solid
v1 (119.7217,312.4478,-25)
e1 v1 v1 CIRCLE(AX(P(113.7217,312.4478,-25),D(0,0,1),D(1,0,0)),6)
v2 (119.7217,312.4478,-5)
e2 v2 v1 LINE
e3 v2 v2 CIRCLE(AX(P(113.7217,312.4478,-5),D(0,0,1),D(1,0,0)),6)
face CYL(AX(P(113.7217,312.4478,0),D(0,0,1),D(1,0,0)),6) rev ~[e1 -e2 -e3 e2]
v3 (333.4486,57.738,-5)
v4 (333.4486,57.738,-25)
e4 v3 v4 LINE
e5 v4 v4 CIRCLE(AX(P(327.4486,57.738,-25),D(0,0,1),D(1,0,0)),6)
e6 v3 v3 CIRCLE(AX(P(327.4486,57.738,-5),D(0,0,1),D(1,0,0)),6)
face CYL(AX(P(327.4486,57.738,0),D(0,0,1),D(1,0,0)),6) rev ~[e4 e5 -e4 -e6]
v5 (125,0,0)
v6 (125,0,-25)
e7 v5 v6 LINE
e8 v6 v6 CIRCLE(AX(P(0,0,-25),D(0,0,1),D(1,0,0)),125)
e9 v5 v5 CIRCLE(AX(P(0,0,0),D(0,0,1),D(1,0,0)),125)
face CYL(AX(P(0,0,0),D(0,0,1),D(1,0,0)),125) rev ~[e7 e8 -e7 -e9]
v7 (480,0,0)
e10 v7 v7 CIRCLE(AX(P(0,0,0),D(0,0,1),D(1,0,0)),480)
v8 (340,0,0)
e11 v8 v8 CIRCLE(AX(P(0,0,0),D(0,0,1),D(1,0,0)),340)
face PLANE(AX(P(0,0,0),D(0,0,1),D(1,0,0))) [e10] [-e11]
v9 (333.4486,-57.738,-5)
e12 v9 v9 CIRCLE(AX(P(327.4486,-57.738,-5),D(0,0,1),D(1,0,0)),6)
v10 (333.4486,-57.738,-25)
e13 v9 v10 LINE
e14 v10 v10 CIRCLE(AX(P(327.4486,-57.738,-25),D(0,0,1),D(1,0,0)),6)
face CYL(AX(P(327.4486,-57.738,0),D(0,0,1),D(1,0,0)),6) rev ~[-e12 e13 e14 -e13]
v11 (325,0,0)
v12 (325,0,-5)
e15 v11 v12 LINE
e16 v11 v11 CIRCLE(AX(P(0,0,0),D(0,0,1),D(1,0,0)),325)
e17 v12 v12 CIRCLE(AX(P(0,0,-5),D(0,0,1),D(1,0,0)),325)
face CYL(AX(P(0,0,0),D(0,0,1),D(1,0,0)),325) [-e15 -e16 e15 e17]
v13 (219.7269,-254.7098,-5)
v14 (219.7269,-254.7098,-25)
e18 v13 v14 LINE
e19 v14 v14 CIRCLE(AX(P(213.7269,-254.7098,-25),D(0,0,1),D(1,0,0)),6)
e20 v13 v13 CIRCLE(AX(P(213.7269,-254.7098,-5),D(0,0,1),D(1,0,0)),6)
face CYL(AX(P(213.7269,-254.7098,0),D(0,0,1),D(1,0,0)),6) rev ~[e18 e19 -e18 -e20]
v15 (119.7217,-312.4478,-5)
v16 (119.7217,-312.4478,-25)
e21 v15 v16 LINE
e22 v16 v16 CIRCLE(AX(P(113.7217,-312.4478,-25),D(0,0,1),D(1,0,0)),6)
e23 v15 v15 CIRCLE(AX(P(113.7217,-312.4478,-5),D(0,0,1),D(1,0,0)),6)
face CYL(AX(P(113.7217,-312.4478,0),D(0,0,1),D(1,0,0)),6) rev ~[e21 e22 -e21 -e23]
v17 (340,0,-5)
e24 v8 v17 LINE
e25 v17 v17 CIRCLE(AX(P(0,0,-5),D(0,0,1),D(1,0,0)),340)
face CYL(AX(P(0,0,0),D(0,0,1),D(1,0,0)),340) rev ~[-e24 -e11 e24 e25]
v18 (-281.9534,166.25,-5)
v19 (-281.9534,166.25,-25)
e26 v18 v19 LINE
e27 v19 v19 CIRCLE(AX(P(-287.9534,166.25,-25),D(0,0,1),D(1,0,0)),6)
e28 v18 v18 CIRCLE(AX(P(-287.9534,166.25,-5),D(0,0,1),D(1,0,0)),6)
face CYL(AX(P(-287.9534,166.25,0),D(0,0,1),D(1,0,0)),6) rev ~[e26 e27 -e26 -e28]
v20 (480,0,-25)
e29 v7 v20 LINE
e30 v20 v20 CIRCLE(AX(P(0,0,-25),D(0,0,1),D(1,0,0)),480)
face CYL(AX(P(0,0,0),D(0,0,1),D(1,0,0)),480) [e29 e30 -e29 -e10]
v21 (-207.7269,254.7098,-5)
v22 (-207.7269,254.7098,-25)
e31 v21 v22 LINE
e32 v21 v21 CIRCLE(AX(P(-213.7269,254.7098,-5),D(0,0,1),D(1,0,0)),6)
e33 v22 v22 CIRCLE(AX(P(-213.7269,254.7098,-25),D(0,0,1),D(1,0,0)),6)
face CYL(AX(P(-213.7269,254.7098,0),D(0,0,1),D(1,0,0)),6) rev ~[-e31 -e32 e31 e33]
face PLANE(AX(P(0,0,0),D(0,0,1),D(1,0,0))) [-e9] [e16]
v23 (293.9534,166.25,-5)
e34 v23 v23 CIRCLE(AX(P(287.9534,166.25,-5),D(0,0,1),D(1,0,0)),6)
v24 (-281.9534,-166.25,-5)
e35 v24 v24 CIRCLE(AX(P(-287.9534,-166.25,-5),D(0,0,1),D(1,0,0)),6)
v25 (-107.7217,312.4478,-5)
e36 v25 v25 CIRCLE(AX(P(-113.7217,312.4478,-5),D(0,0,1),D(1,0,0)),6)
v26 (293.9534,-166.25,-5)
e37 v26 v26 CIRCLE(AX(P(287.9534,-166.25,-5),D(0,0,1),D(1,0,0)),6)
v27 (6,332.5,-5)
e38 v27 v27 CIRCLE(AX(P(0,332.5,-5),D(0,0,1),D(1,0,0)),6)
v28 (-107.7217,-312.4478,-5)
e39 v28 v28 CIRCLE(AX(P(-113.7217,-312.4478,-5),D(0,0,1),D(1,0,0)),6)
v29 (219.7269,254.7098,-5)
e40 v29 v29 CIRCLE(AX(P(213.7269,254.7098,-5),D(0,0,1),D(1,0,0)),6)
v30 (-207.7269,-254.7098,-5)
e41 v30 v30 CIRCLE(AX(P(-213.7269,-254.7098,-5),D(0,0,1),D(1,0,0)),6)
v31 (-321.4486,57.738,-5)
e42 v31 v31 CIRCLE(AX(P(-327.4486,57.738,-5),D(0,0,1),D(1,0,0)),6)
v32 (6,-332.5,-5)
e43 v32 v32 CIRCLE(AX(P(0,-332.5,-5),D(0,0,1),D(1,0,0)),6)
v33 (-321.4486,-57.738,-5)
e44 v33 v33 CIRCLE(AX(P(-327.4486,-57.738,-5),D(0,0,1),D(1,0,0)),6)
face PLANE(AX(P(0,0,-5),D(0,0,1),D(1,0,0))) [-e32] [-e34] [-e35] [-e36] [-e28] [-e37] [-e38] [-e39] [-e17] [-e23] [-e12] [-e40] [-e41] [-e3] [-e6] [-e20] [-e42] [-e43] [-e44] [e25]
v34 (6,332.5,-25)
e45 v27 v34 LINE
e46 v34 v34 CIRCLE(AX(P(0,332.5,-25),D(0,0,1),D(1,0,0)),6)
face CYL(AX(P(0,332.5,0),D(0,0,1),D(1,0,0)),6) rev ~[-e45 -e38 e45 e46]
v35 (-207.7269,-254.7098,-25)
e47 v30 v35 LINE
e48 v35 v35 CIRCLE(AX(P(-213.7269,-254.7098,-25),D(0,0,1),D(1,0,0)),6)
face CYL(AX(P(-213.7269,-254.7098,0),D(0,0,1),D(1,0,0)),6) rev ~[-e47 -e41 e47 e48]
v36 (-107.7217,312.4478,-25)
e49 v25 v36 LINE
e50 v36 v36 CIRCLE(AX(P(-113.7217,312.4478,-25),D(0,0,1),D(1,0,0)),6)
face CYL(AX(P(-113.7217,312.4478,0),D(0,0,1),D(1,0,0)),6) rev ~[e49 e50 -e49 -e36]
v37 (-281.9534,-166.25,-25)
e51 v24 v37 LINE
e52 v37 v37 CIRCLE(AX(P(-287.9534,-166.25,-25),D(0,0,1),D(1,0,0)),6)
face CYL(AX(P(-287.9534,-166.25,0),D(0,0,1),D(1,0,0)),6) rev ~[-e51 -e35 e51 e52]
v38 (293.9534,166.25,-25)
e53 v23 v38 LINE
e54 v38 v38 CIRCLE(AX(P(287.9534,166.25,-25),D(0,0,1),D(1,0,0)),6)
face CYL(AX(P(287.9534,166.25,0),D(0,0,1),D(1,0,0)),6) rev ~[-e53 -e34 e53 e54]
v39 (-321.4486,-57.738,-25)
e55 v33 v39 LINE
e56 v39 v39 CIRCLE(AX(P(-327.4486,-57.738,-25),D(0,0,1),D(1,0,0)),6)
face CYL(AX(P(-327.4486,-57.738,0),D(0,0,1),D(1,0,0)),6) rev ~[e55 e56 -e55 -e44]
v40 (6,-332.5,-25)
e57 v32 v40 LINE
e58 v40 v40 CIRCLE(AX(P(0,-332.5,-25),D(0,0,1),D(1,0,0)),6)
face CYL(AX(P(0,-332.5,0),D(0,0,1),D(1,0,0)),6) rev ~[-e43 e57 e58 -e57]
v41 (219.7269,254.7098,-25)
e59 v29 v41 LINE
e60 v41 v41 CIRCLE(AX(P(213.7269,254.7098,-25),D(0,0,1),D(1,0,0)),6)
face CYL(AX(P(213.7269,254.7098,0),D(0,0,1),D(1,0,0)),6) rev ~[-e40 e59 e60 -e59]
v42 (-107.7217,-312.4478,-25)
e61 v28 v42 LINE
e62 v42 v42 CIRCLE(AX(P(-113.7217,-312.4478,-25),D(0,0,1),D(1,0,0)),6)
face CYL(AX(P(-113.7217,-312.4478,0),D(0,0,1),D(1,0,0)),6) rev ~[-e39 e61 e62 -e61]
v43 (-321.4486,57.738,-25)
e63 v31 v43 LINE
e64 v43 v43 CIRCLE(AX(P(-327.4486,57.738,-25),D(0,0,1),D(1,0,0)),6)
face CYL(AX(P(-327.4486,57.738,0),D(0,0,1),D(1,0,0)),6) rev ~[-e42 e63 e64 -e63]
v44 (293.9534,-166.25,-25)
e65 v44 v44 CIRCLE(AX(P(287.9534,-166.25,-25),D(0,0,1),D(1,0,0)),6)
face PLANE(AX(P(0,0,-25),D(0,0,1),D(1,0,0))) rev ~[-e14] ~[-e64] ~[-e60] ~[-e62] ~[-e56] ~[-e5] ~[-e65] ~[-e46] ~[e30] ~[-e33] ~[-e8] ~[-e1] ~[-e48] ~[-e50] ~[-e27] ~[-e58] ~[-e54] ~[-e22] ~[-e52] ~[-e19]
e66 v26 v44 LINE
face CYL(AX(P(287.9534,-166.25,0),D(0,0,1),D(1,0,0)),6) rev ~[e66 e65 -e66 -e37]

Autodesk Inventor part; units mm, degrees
ref_plane "YZ Plane" through (0, 0, 0) normal (1, 0, 0) x (0, 1, 0)
ref_plane "XZ Plane" through (0, 0, 0) normal (0, 1, 0) x (-1, 0, 0)
ref_plane "XY Plane" through (0, 0, 0) normal (0, 0, 1) x (1, 0, 0)
sketch "Boceto1" plane through (0, 0, 0) normal (0, 0, 1) x (1, 0, 0)
  circle A0 centre (0, 0) radius 125
  circle A1 centre (0, 0) radius 480
  dimension "d0" = 960
  dimension "d1" = 250
extrude "Extrusión1" add sketch "Boceto1" against normal blind 25
sketch "Boceto2" plane through (0, 0, 0) normal (0, 0, 1) x (1, 0, 0)
  circle A0 centre (0, 0) radius 340
  circle A1 centre (0, 0) radius 325
  dimension "d4" = 680
  dimension "d5" = 650
extrude "Extrusión2" cut sketch "Boceto2" against normal blind 5
sketch "Boceto3" plane through (0, 0, 0) normal (0, 0, 1) x (1, 0, 0)
  circle A0 centre (0, 0) radius 332.5 construction
  circle A1 centre (0, 332.5) radius 6
  circle A2 centre (-113.7217, 312.4478) radius 6
  circle A3 centre (-213.7269, 254.7098) radius 6
  circle A4 centre (-287.9534, 166.25) radius 6
  circle A5 centre (-327.4486, 57.738) radius 6
  circle A6 centre (-327.4486, -57.738) radius 6
  circle A7 centre (-287.9534, -166.25) radius 6
  circle A8 centre (-213.7269, -254.7098) radius 6
  circle A9 centre (-113.7217, -312.4478) radius 6
  circle A10 centre (0, -332.5) radius 6
  circle A11 centre (113.7217, -312.4478) radius 6
  circle A12 centre (213.7269, -254.7098) radius 6
  circle A13 centre (287.9534, -166.25) radius 6
  circle A14 centre (327.4486, -57.738) radius 6
  circle A15 centre (327.4486, 57.738) radius 6
  circle A16 centre (287.9534, 166.25) radius 6
  circle A17 centre (213.7269, 254.7098) radius 6
  circle A18 centre (113.7217, 312.4478) radius 6
  dimension "d8" = 665
  dimension "d9" = 12
  dimension "d12" = 360
extrude "Extrusión3" cut sketch "Boceto3" against normal up to next
properties part number "Brida_2 (flange_2)"
